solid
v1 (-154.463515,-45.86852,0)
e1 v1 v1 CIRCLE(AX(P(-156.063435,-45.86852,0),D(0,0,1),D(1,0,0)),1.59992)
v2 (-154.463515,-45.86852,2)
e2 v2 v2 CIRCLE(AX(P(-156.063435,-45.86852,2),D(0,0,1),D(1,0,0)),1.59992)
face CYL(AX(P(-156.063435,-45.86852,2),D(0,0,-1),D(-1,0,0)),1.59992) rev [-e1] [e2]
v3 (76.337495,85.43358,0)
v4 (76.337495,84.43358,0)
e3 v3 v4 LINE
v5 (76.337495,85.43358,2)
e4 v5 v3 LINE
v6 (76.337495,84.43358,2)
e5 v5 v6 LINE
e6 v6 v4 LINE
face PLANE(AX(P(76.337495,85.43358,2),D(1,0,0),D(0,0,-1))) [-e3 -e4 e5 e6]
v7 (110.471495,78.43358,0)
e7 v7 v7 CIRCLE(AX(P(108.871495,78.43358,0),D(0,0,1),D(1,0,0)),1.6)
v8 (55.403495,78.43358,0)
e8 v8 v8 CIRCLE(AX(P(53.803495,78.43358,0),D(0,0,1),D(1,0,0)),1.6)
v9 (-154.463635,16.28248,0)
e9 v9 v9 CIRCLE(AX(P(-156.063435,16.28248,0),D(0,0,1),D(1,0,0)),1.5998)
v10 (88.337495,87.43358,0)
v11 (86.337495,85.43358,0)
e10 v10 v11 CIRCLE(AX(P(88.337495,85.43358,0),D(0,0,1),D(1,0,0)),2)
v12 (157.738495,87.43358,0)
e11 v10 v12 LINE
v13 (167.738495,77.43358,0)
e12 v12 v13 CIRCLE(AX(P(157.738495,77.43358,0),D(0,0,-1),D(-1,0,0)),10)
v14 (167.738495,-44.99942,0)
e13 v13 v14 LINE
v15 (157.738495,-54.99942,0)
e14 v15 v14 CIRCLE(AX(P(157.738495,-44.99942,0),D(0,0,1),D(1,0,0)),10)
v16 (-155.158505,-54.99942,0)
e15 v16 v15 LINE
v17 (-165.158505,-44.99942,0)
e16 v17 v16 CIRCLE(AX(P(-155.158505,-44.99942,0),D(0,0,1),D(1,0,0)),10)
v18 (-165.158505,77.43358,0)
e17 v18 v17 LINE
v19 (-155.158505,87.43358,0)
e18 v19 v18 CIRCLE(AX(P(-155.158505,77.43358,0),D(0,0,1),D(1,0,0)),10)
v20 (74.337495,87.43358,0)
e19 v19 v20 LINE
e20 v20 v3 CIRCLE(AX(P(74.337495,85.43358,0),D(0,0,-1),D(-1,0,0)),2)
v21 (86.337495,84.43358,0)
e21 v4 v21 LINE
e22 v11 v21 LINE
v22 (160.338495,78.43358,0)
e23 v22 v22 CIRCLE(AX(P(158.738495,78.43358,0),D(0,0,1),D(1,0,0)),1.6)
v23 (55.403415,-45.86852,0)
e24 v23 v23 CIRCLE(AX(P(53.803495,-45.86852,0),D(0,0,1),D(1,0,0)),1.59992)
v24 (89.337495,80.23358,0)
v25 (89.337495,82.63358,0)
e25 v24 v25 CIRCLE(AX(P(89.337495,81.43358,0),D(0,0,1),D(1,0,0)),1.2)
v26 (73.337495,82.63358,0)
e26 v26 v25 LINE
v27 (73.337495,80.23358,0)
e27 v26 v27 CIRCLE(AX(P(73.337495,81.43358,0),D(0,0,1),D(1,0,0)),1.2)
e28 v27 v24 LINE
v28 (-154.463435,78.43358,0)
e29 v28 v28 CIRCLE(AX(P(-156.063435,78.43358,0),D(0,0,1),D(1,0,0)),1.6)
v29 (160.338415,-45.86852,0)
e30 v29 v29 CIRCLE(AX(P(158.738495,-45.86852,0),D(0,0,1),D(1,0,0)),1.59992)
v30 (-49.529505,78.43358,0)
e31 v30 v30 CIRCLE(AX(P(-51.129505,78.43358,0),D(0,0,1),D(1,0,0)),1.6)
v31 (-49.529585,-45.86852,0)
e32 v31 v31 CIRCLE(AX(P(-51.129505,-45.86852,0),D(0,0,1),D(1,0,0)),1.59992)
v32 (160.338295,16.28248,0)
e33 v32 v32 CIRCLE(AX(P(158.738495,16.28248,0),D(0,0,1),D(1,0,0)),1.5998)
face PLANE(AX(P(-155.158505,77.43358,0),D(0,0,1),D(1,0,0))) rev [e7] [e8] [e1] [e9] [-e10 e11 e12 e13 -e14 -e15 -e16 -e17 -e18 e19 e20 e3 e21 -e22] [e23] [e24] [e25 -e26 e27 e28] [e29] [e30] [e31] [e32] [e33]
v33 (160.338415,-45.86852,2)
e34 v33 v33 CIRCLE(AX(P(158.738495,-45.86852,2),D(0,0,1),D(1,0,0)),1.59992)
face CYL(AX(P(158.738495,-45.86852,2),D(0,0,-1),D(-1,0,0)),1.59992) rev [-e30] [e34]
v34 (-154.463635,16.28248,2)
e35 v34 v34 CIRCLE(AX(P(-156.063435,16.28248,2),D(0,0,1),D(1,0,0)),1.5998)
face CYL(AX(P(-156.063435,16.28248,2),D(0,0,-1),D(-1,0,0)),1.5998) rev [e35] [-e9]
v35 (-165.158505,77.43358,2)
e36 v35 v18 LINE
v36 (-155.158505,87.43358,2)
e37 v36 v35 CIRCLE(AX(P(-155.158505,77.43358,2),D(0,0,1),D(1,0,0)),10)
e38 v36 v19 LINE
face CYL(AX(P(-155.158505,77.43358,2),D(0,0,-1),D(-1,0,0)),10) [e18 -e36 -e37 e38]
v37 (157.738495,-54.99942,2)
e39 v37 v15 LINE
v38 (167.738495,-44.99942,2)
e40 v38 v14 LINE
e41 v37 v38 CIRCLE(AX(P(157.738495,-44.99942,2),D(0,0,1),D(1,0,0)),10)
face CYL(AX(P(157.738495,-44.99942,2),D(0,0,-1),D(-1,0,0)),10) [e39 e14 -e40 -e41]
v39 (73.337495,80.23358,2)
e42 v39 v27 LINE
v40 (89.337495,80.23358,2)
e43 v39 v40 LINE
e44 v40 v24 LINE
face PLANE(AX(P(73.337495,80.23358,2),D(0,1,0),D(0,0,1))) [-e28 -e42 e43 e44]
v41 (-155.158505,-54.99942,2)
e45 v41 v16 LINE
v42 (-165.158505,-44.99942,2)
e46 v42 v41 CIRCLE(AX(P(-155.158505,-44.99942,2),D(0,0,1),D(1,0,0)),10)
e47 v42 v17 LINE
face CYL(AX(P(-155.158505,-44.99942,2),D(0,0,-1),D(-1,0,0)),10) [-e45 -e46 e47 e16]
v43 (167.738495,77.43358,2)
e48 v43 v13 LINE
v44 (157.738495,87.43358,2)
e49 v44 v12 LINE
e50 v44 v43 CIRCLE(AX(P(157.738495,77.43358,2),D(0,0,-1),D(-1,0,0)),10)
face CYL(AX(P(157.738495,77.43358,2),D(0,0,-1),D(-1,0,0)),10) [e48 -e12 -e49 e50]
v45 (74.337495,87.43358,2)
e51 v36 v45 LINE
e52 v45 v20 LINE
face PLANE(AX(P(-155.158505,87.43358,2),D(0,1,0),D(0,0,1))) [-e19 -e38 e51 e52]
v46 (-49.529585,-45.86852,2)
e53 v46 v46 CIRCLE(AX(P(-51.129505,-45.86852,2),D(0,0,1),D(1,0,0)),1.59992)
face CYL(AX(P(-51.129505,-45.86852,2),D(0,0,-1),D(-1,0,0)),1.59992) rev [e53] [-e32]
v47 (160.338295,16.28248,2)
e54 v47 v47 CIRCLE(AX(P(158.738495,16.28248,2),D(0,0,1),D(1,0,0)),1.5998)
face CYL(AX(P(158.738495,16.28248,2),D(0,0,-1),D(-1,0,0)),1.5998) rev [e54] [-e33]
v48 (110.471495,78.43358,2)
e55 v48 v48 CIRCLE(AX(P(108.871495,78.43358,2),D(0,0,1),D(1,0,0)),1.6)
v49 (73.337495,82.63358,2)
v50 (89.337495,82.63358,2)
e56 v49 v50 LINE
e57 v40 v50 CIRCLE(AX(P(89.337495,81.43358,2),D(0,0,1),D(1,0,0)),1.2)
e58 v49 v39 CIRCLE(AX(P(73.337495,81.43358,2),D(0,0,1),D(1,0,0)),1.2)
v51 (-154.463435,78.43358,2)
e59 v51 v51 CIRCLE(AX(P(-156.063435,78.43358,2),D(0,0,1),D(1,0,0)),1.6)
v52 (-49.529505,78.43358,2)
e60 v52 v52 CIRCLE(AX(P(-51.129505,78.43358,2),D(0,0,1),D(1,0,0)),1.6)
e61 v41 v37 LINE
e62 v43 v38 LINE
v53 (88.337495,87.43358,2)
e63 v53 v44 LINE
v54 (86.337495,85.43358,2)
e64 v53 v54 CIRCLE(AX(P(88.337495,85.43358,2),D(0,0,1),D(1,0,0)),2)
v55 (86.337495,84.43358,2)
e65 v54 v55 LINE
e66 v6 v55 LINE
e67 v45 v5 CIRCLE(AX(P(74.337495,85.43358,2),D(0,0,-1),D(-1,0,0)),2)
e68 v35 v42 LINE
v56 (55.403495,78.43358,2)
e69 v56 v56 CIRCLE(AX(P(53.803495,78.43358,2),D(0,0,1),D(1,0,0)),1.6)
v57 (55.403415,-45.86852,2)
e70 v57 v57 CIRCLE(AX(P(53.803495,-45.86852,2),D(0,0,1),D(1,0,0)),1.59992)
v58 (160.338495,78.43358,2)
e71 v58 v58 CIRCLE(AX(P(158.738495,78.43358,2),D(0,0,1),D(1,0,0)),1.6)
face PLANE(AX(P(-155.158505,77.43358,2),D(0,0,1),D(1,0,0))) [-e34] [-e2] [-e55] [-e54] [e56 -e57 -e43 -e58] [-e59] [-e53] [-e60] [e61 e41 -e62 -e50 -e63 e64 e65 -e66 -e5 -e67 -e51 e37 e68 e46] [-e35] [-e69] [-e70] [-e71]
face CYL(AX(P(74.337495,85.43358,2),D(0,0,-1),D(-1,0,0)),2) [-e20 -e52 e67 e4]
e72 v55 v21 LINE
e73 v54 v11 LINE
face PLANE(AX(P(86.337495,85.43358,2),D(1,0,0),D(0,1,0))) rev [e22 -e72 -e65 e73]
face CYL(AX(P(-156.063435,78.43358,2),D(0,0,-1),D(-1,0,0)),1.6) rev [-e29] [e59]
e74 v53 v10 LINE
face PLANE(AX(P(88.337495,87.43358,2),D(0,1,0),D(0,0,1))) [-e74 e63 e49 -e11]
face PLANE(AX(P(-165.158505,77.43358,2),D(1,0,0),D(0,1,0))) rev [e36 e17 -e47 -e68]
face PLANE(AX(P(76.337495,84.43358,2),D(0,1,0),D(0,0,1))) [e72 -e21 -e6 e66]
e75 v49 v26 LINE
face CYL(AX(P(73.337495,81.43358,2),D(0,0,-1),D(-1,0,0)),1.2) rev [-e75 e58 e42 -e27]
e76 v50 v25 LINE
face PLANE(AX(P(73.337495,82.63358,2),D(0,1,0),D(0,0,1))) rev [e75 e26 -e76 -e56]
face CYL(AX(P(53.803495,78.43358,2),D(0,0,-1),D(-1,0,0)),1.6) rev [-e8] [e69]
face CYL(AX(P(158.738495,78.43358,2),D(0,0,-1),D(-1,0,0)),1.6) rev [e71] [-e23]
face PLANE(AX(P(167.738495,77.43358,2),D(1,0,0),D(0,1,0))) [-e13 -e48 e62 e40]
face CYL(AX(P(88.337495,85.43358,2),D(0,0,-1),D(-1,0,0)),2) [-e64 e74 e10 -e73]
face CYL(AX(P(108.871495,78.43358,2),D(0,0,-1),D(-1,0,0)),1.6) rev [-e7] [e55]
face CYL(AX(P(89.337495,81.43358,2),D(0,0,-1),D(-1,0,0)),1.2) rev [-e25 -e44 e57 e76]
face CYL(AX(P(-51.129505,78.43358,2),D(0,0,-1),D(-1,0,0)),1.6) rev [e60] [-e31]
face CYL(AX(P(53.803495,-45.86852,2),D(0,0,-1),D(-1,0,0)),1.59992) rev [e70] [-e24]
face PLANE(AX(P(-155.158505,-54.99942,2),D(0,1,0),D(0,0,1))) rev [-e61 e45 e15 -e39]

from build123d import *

# Parameters (mm, degrees)
SKETCH_1_R      = 1.6
SKETCH_1_R_2    = 1.5998
SKETCH_1_R_3    = 1.59992
EXTRUDE_2_DEPTH = 2


with BuildPart() as part:
    # 草图1 → 凸台-拉伸2 (new body)
    with BuildSketch(Plane.XY):
        with BuildLine():
            Line((-165.158505018, 77.433579777), (-165.158505018, -44.999420223))
            ThreePointArc((-165.158505018, -44.999420223), (-162.22957283, -52.070488035), (-155.158505018, -54.999420223))
            Line((-155.158505018, -54.999420223), (157.738494982, -54.999420223))
            ThreePointArc((157.738494982, -54.999420223), (164.809562794, -52.070488035), (167.738494982, -44.999420223))
            Line((167.738494982, -44.999420223), (167.738494982, 77.433579777))
            ThreePointArc((167.738494982, 77.433579777), (164.809562794, 84.504647589), (157.738494982, 87.433579777))
            Line((157.738494982, 87.433579777), (88.337494982, 87.433579777))
            ThreePointArc((88.337494982, 87.433579777), (86.92328142, 86.847793339), (86.337494982, 85.433579777))
            Line((86.337494982, 85.433579777), (86.337494982, 84.433579777))
            Line((86.337494982, 84.433579777), (76.337494982, 84.433579777))
            Line((76.337494982, 84.433579777), (76.337494982, 85.433579777))
            ThreePointArc((76.337494982, 85.433579777), (75.751708545, 86.847793339), (74.337494982, 87.433579777))
            Line((74.337494982, 87.433579777), (-155.158505018, 87.433579777))
            ThreePointArc((-155.158505018, 87.433579777), (-162.22957283, 84.504647589), (-165.158505018, 77.433579777))
        make_face()
        with Locations((53.803494982, 78.433579777)):
            Circle(SKETCH_1_R, mode=Mode.SUBTRACT)
        with Locations((108.871494982, 78.433579777)):
            Circle(SKETCH_1_R, mode=Mode.SUBTRACT)
        with Locations((158.738494982, 78.433579777)):
            Circle(SKETCH_1_R, mode=Mode.SUBTRACT)
        with Locations((158.738494982, 16.282479777)):
            Circle(SKETCH_1_R_2, mode=Mode.SUBTRACT)
        with Locations((158.738494982, -45.868520223)):
            Circle(SKETCH_1_R_3, mode=Mode.SUBTRACT)
        with Locations((53.803494982, -45.868520223)):
            Circle(SKETCH_1_R_3, mode=Mode.SUBTRACT)
        with Locations((-51.129505018, -45.868520223)):
            Circle(SKETCH_1_R_3, mode=Mode.SUBTRACT)
        with Locations((-156.063435018, -45.868520223)):
            Circle(SKETCH_1_R_3, mode=Mode.SUBTRACT)
        with Locations((-156.063435018, 16.282479777)):
            Circle(SKETCH_1_R_2, mode=Mode.SUBTRACT)
        with Locations((-156.063435018, 78.433579777)):
            Circle(SKETCH_1_R, mode=Mode.SUBTRACT)
        with Locations((-51.129505018, 78.433579777)):
            Circle(SKETCH_1_R, mode=Mode.SUBTRACT)
        with BuildLine():
            Line((73.337494982, 82.633579777), (89.337494982, 82.633579777))
            ThreePointArc((89.337494982, 82.633579777), (90.537494982, 81.433579777), (89.337494982, 80.233579777))
            Line((89.337494982, 80.233579777), (73.337494982, 80.233579777))
            ThreePointArc((73.337494982, 80.233579777), (72.137494982, 81.433579777), (73.337494982, 82.633579777))
        make_face(mode=Mode.SUBTRACT)
    extrude(amount=EXTRUDE_2_DEPTH)


solid = part.part
